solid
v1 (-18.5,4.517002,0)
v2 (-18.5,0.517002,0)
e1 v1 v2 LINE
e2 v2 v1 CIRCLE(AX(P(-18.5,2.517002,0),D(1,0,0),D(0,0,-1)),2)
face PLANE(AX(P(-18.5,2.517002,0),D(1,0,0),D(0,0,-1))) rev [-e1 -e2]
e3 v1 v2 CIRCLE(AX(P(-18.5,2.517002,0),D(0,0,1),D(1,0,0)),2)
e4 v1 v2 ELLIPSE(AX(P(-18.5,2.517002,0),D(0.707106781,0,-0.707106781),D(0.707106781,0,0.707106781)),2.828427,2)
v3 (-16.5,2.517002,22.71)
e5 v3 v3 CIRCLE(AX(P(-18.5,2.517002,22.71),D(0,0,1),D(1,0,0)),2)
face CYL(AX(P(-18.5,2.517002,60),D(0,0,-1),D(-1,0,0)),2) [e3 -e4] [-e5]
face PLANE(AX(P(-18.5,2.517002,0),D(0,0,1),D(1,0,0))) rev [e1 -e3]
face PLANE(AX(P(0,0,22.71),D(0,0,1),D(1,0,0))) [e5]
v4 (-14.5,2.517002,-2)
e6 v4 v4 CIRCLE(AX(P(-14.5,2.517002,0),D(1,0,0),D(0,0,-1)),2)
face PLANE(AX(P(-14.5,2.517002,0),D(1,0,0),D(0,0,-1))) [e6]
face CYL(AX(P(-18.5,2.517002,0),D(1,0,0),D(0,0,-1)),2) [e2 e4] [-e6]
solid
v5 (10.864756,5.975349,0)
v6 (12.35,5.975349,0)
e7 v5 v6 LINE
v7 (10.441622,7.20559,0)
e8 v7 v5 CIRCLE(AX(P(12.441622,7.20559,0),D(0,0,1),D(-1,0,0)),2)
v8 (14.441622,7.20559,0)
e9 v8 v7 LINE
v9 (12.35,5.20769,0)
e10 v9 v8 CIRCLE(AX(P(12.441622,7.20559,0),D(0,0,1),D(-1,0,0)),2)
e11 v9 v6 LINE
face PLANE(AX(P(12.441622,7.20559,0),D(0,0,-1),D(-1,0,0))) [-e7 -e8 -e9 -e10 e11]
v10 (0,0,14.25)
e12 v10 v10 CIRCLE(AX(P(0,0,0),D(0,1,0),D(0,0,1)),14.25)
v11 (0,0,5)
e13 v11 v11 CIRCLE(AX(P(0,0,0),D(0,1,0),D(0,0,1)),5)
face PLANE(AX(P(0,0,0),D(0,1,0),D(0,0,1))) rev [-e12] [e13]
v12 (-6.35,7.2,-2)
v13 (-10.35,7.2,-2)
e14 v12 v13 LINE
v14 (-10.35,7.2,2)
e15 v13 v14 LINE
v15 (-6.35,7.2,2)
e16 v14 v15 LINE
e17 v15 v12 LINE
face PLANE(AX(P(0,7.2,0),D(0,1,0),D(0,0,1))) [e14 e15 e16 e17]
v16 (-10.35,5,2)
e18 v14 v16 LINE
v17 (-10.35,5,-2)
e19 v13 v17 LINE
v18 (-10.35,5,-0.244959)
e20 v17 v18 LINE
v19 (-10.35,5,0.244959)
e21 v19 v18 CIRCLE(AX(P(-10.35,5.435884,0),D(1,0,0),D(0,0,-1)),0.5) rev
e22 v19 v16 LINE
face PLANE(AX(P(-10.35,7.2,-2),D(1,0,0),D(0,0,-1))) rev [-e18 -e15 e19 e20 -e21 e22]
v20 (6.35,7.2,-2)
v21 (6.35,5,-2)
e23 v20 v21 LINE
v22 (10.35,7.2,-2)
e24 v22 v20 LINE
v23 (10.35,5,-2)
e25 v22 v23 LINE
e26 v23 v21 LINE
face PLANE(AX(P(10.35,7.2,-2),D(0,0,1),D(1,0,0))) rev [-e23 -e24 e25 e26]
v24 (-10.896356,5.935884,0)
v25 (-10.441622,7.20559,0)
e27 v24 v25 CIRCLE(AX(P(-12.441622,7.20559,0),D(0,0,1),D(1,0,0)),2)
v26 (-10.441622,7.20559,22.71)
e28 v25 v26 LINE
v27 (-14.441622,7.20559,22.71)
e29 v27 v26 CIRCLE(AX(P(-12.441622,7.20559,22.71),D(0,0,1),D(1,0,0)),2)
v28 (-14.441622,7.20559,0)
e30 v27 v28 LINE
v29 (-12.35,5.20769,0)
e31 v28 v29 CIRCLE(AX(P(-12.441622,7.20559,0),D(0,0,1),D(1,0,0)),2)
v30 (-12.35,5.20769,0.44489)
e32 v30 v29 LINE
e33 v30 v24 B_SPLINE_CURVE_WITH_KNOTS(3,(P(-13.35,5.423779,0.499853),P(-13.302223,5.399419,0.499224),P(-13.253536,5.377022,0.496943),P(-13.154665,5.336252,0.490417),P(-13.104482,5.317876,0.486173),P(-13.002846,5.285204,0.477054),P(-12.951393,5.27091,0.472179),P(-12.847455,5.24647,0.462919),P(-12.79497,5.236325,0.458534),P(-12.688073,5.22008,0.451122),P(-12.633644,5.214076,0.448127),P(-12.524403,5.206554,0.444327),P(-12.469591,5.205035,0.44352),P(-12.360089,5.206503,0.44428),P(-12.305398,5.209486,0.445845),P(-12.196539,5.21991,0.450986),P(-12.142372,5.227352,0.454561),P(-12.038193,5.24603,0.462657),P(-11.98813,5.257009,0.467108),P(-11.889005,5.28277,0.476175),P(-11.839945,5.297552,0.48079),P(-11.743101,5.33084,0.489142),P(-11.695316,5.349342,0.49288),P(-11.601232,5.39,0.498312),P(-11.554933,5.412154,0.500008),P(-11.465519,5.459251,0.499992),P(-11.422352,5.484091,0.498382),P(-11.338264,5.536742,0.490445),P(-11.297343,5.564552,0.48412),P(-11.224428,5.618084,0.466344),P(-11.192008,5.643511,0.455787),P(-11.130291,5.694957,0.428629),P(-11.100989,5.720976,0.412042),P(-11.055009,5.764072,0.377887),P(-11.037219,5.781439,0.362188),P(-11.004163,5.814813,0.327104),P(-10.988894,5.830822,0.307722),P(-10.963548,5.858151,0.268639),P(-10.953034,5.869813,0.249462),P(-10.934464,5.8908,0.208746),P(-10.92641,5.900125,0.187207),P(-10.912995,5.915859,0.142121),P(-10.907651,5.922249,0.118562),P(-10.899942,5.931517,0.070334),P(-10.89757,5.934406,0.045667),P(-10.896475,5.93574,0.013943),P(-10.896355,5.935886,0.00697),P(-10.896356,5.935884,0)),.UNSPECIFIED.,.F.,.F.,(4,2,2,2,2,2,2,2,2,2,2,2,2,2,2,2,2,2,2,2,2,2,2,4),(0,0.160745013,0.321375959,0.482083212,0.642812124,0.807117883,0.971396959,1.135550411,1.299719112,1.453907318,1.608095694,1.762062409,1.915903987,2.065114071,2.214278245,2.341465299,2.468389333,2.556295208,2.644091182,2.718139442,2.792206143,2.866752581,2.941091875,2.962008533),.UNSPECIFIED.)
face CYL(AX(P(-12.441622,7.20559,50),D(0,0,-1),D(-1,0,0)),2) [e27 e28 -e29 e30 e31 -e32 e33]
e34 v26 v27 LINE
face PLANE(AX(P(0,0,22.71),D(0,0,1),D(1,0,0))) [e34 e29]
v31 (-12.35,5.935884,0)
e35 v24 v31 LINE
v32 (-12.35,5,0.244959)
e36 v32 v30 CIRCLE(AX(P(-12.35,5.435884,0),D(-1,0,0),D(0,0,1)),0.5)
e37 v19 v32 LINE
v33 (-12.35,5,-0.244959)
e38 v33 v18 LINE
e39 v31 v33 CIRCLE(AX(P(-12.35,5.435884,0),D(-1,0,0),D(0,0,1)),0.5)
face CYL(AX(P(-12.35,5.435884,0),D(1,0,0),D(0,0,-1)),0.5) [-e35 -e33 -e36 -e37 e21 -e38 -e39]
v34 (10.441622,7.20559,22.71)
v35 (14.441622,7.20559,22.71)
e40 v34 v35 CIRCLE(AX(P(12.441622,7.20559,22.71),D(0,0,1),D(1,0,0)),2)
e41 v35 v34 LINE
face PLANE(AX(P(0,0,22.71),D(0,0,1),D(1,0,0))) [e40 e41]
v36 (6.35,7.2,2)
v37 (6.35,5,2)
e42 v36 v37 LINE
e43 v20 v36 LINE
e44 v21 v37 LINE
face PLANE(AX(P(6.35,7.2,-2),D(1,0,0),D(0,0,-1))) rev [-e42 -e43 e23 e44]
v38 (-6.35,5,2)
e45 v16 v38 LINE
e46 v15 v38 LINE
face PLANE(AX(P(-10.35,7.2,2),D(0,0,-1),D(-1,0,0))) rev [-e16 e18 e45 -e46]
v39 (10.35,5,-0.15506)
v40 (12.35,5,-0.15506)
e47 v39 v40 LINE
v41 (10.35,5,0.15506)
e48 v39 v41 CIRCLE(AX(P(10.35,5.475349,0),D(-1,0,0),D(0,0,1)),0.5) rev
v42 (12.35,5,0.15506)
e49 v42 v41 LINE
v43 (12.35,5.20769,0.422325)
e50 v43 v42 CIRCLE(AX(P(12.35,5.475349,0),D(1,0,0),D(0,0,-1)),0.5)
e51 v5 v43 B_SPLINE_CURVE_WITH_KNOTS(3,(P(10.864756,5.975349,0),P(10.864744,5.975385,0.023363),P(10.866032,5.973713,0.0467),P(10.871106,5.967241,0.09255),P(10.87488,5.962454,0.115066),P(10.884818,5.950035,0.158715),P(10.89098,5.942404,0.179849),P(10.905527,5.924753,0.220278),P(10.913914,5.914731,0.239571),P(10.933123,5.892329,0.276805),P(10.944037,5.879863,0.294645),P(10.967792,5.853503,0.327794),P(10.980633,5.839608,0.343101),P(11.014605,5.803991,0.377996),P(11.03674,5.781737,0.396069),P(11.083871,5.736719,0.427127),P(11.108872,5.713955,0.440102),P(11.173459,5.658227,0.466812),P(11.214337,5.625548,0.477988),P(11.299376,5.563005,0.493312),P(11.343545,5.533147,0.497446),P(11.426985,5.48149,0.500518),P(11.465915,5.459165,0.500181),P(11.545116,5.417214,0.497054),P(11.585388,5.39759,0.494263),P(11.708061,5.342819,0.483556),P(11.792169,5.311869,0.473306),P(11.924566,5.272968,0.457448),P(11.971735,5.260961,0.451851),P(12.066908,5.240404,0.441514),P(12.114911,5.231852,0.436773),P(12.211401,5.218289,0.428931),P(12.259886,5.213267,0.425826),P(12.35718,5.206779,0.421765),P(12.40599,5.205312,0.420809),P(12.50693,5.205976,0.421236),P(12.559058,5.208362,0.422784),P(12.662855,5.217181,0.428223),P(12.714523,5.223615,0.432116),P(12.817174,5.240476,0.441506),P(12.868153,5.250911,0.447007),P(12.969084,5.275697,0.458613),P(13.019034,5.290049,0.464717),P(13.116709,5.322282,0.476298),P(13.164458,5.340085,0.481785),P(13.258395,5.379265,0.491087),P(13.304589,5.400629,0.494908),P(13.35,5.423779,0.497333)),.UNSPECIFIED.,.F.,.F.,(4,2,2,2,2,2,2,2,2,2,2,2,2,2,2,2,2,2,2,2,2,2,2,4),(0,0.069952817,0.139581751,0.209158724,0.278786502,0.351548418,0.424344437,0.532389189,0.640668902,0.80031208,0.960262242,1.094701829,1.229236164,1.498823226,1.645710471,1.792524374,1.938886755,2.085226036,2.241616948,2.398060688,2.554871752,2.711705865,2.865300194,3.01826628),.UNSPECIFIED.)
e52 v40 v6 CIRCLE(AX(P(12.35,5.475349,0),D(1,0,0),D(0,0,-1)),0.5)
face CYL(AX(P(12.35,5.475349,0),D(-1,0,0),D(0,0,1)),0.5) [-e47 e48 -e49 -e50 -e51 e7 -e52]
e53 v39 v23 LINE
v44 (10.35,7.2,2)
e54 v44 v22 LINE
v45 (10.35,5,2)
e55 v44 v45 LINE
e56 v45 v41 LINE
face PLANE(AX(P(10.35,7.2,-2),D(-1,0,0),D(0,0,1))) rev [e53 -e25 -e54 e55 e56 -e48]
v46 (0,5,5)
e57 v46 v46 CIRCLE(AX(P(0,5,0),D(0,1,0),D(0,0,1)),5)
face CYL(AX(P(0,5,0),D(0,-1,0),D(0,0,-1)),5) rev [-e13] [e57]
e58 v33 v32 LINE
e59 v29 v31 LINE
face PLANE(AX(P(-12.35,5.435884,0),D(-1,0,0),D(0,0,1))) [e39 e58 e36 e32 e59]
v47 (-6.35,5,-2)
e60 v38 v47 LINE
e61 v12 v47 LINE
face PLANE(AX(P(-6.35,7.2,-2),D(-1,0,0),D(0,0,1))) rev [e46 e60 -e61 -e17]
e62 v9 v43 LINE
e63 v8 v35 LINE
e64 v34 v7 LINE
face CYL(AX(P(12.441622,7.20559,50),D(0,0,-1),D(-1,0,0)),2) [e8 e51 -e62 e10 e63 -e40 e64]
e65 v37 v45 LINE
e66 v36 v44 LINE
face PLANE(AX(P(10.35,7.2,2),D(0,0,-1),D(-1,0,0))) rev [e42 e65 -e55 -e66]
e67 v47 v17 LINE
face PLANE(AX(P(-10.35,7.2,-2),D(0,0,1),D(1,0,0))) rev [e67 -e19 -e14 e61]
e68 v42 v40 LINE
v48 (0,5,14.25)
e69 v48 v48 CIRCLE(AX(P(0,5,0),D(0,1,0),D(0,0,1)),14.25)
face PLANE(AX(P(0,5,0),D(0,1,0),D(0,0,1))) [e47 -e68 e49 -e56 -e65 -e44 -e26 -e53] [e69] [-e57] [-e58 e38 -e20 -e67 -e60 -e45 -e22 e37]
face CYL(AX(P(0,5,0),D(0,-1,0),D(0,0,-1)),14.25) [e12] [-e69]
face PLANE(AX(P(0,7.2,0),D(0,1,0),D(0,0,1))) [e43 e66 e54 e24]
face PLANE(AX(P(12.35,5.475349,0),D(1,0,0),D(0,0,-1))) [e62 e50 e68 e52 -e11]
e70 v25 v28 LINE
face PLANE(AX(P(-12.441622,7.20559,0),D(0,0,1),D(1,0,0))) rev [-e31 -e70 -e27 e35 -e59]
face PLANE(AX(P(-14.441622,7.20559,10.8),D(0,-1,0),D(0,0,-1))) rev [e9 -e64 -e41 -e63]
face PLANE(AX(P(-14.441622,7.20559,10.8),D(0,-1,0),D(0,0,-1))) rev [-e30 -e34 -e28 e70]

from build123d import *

# Parameters (mm, degrees)
SKETCH2_R            = 14.25
SKETCH2_R_2          = 5
BOSS_EXTRUDE1_DEPTH  = 5
SKETCH3_W            = 4
SKETCH3_H            = 4
BOSS_EXTRUDE2_DEPTH  = 2.2
SKETCH4_R            = 0.5
BOSS_EXTRUDE3_DEPTH  = 2
SKETCH6_R            = 0.5
BOSS_EXTRUDE4_DEPTH  = 2
SKETCH13_R           = 2
BOSS_EXTRUDE12_DEPTH = 50
SKETCH15_R           = 2
BOSS_EXTRUDE13_DEPTH = 4
SKETCH16_R           = 2
BOSS_EXTRUDE14_DEPTH = 60
SKETCH17_W           = 30.81160489
SKETCH17_H           = 4.482014718
CUT_EXTRUDE1_DEPTH   = 10.8
SKETCH18_W           = 93.143652273
SKETCH18_H           = 67.570442105
CUT_EXTRUDE2_DEPTH   = 43
SKETCH19_W           = 82.908946891
SKETCH19_H           = 58.215370207
CUT_EXTRUDE3_DEPTH   = 8


with BuildPart() as part:
    # Sketch2 → Boss-Extrude1 (new body)
    with BuildSketch(Plane(origin=(0, 0, 0), x_dir=(1, 0, 0), z_dir=(0, 1, 0))):
        with Locations(Location((0, 0, 0), (0, 0, 270))):
            Circle(SKETCH2_R)
        with Locations(Location((0, 0, 0), (0, 0, 270))):
            Circle(SKETCH2_R_2, mode=Mode.SUBTRACT)
    extrude(amount=BOSS_EXTRUDE1_DEPTH)

    # Sketch3 → Boss-Extrude2 (add)
    with BuildSketch(Plane(origin=(0, 5, 0), x_dir=(1, 0, 0), z_dir=(0, 1, 0))):
        with Locations((8.35, 0)):
            Rectangle(SKETCH3_W, SKETCH3_H)
        with Locations((-8.35, 0)):
            Rectangle(SKETCH3_W, SKETCH3_H)
    extrude(amount=BOSS_EXTRUDE2_DEPTH)

    # Sketch4 → Boss-Extrude3 (add)
    with BuildSketch(Plane(origin=(10.35, 0, 0), x_dir=(0, 0, -1), z_dir=(1, 0, 0))):
        with Locations((0, 5.475348584)):
            Circle(SKETCH4_R)
    extrude(amount=BOSS_EXTRUDE3_DEPTH)

    # Sketch6 → Boss-Extrude4 (add)
    with BuildSketch(Plane.ZY.offset(10.35)):
        with Locations((0, 5.435884372)):
            Circle(SKETCH6_R)
    extrude(amount=BOSS_EXTRUDE4_DEPTH)

    # Sketch13 → Boss-Extrude12 (add)
    with BuildSketch(Plane.XY):
        with Locations(Location((-12.441622338, 7.205589908, 0), (0, 0, 272.6257056))):
            Circle(SKETCH13_R)
        with Locations(Location((12.441622338, 7.205589908, 0), (0, 0, 180))):
            Circle(SKETCH13_R)
    extrude(amount=BOSS_EXTRUDE12_DEPTH)

    # Sketch17 → Cut-Extrude1 (cut)
    with BuildSketch(Plane(origin=(0, 0, 0), x_dir=(-1, 0, 0), z_dir=(0, 0, -1))):
        with Locations((-0.964180107, 9.446597267)):
            Rectangle(SKETCH17_W, SKETCH17_H)
    extrude(amount=-CUT_EXTRUDE1_DEPTH, mode=Mode.SUBTRACT)


with BuildPart() as body_2:
    # Sketch15 → Boss-Extrude13 (new body)
    with BuildSketch(Plane(origin=(-14.5, 0, 0), x_dir=(0, 0, -1), z_dir=(1, 0, 0))):
        with Locations((0, 2.517001549)):
            Circle(SKETCH15_R)
    extrude(amount=-BOSS_EXTRUDE13_DEPTH)

    # Sketch16 → Boss-Extrude14 (add)
    with BuildSketch(Plane(origin=(0, 11.710958491, 0), x_dir=(1, 0, 0), z_dir=(0, 0, 1))):
        with Locations(Location((-18.5, -9.193956942, 0), (0, 0, 90))):
            Circle(SKETCH16_R)
    extrude(amount=BOSS_EXTRUDE14_DEPTH)


with BuildPart() as cut_extrude2_tool:
    # Sketch18 → Cut-Extrude2 (new body)
    with BuildSketch(Plane.XY.offset(22.71)):
        with Locations((-3.408022591, 1.268285043)):
            Rectangle(SKETCH18_W, SKETCH18_H)
    extrude(amount=CUT_EXTRUDE2_DEPTH)


with BuildPart() as part_1:
    add(part.part)

    # Cut-Extrude2: cut by cut_extrude2_tool
    add(cut_extrude2_tool.part, mode=Mode.SUBTRACT)

    # Sketch19 → Cut-Extrude3 (cut)
    with BuildSketch(Plane(origin=(0, 7.205589908, 0), x_dir=(1, 0, 0), z_dir=(0, 1, 0))):
        with Locations((3.634474693, -11.396239252)):
            Rectangle(SKETCH19_W, SKETCH19_H)
    extrude(amount=CUT_EXTRUDE3_DEPTH, mode=Mode.SUBTRACT)


with BuildPart() as body_2_1:
    add(body_2.part)

    # Cut-Extrude2: cut by cut_extrude2_tool
    add(cut_extrude2_tool.part, mode=Mode.SUBTRACT)


solid = Compound([part_1.part, body_2_1.part])
